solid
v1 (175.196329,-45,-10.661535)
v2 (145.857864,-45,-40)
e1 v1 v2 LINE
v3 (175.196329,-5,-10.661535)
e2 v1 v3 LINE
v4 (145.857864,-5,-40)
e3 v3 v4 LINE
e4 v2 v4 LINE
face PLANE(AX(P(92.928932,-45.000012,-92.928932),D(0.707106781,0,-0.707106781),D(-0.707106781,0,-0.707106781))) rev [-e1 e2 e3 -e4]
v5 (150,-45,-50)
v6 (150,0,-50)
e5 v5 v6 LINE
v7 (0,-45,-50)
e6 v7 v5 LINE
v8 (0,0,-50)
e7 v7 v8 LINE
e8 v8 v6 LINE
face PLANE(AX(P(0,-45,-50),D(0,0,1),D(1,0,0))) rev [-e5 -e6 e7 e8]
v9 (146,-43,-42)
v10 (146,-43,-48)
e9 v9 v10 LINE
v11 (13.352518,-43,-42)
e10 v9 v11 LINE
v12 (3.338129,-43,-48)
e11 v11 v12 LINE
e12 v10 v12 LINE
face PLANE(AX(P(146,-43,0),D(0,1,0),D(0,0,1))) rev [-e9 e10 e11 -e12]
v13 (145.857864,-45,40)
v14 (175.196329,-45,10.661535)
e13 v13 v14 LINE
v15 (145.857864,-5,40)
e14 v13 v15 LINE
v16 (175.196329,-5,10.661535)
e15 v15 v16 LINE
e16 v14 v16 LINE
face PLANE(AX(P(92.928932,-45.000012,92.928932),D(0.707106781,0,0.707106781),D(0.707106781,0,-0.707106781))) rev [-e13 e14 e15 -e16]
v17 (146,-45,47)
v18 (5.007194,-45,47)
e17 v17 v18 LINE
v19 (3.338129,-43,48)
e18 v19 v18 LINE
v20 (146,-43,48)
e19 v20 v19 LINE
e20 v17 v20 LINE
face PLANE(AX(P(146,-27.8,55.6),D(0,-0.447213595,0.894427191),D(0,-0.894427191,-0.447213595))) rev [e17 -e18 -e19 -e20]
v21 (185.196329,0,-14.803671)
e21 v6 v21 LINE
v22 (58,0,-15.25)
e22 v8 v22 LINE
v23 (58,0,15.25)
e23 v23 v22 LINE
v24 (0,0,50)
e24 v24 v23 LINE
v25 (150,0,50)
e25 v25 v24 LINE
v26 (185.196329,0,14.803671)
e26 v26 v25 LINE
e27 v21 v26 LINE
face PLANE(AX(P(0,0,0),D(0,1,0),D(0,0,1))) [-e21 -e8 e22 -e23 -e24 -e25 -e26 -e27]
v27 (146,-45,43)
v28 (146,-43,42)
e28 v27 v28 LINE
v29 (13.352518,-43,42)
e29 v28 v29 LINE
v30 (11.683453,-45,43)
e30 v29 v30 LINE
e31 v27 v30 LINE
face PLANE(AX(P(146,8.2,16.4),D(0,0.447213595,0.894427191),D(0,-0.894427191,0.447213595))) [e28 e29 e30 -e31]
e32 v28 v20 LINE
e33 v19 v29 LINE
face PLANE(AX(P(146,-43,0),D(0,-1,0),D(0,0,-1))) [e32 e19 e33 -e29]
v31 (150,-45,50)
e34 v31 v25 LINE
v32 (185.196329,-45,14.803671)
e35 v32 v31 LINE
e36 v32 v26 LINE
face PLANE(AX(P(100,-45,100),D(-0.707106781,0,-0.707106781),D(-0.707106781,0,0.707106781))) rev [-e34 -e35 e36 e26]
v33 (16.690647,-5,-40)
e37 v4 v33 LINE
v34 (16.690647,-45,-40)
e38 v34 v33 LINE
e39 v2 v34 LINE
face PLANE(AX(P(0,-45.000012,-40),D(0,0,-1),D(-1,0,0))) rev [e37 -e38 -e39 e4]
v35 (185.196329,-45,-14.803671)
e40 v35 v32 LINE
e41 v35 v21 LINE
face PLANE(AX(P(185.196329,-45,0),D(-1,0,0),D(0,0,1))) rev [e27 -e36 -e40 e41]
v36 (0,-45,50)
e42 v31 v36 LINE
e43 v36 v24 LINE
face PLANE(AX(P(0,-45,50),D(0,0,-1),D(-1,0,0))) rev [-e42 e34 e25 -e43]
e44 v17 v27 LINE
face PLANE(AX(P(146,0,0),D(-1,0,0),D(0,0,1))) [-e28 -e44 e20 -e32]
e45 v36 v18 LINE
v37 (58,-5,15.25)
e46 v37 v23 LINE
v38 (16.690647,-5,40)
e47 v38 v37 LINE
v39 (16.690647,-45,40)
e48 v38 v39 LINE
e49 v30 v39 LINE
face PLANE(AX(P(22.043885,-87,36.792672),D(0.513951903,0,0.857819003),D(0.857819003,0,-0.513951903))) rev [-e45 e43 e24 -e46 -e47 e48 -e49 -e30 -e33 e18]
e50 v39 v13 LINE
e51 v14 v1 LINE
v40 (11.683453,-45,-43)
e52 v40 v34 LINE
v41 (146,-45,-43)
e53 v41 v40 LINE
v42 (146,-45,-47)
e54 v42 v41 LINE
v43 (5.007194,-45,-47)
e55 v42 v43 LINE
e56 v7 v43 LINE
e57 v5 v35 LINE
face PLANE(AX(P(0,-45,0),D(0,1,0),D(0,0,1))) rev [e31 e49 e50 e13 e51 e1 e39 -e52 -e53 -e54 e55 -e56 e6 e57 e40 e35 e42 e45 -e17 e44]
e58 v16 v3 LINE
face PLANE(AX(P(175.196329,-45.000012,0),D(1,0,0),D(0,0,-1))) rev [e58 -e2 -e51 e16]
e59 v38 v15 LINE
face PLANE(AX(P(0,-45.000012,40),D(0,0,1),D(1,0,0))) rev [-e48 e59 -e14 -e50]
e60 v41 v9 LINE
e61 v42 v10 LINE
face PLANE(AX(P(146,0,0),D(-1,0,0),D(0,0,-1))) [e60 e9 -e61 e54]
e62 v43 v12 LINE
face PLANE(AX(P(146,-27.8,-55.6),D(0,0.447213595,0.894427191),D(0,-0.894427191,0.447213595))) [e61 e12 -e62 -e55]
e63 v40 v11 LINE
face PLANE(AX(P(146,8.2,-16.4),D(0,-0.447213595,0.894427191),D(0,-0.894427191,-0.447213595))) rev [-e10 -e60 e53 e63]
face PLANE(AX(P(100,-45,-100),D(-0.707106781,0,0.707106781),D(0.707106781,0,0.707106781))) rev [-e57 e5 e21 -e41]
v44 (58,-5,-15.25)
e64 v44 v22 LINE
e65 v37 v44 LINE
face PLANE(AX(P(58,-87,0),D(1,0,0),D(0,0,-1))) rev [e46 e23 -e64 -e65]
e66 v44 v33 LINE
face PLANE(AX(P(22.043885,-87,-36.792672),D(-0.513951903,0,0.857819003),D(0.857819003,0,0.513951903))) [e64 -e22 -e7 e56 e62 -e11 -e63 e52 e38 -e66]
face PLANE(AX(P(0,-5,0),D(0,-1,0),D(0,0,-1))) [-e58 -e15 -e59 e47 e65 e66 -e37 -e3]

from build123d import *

# Parameters (mm, degrees)
BOSS_EXTRUDE1_DEPTH     = 45
SKETCH2_W               = 40
SKETCH2_H               = 20.5
CUT_EXTRUDE1_DEPTH      = 41
SKETCH3_W               = 8.5
SKETCH3_H               = 20.5
SKETCH3_R               = 1.5
CUT_EXTRUDE2_DEPTH      = 14
SKETCH3_3_R             = 1.5
CUT_EXTRUDE3_DEPTH      = 19
CUT_EXTRUDE4_DEPTH      = 87
CUT_EXTRUDE5_DEPTH      = 198.034718556
CUT_EXTRUDE5_DEPTH_BACK = 40
CUT_EXTRUDE6_DEPTH      = 146


with BuildPart() as part:
    # Sketch1 → Boss-Extrude1 (new body)
    with BuildSketch(Plane(origin=(0, 0, 0), x_dir=(1, 0, 0), z_dir=(0, 1, 0))):
        with BuildLine():
            Line((150, 50), (0, 50))
            ThreePointArc((0, 50), (-50, 0), (0, -50))
            Line((0, -50), (150, -50))
            Line((150, -50), (185.196329112, -14.803670888))
            Line((185.196329112, -14.803670888), (185.196329112, 14.803670888))
            Line((185.196329112, 14.803670888), (150, 50))
        make_face()
    extrude(amount=-BOSS_EXTRUDE1_DEPTH)

    # Sketch2 → Cut-Extrude1 (cut)
    with BuildSketch(Plane(origin=(0, 0, 0), x_dir=(1, 0, 0), z_dir=(0, 1, 0))):
        with Locations((24.5, 0)):
            Rectangle(SKETCH2_W, SKETCH2_H)
    extrude(amount=-CUT_EXTRUDE1_DEPTH, mode=Mode.SUBTRACT)

    # Sketch3 → Cut-Extrude2 (cut)
    # profile 1 of 2: a face of its own
    with BuildSketch(Plane(origin=(0, 0, 0), x_dir=(1, 0, 0), z_dir=(0, 1, 0))):
        with Locations((48.75, 0)):
            Rectangle(SKETCH3_W, SKETCH3_H)
        with Locations((48.5, -5)):
            Circle(SKETCH3_R, mode=Mode.SUBTRACT)
        with Locations((48.5, 5)):
            Circle(SKETCH3_R, mode=Mode.SUBTRACT)
    # profile 2 of 2: a face of its own
    with BuildSketch(Plane(origin=(0, 0, 0), x_dir=(1, 0, 0), z_dir=(0, 1, 0))):
        with Locations((0.25, 0)):
            Rectangle(SKETCH3_W, SKETCH3_H)
        with Locations((0.5, -5)):
            Circle(SKETCH3_R, mode=Mode.SUBTRACT)
        with Locations((0.5, 5)):
            Circle(SKETCH3_R, mode=Mode.SUBTRACT)
    extrude(amount=-CUT_EXTRUDE2_DEPTH, mode=Mode.SUBTRACT)

    # Sketch3<3> → Cut-Extrude3 (cut)
    with BuildSketch(Plane(origin=(0, 0, 0), x_dir=(1, 0, 0), z_dir=(0, 1, 0))):
        with Locations((0.5, 5)):
            Circle(SKETCH3_3_R)
        with Locations((0.5, -5)):
            Circle(SKETCH3_3_R)
        with Locations((48.5, -5)):
            Circle(SKETCH3_3_R)
        with Locations((48.5, 5)):
            Circle(SKETCH3_3_R)
    extrude(amount=-CUT_EXTRUDE3_DEPTH, mode=Mode.SUBTRACT)

    # Sketch3<4> → Cut-Extrude4 (cut)
    with BuildSketch(Plane(origin=(0, 0, 0), x_dir=(1, 0, 0), z_dir=(0, 1, 0))):
        with BuildLine():
            Line((58, -15.25), (58, 15.25))
            Line((58, 15.25), (0, 50))
            ThreePointArc((0, 50), (-50, 0), (0, -50))
            Line((0, -50), (58, -15.25))
        make_face()
    extrude(amount=-CUT_EXTRUDE4_DEPTH, mode=Mode.SUBTRACT)

    # Sketch5 → Cut-Extrude5 (cut, two sides: drawn at the far end of the back side and taken through both)
    with BuildSketch(Plane.XZ.offset(45).offset(-CUT_EXTRUDE5_DEPTH_BACK)):
        Polygon((36.14772109, 40), (16.690647482, 40), (58, 15.25), (58, -15.25), (16.690647482, -40), (36.14772109, -40), (145.857864376, -40), (175.196329112, -10.661535265), (175.196329112, 10.661535265), (145.857864376, 40), align=None)
    extrude(amount=CUT_EXTRUDE5_DEPTH + CUT_EXTRUDE5_DEPTH_BACK, mode=Mode.SUBTRACT)

    # Sketch6 → Cut-Extrude6 (cut)
    with BuildSketch(Plane.ZY):
        Polygon((43, -45), (47, -45), (48, -43), (42, -43), align=None)
    cut_extrude6 = extrude(amount=-CUT_EXTRUDE6_DEPTH, mode=Mode.SUBTRACT)

    # Mirror1: Cut-Extrude6 across plane
    add(cut_extrude6.mirror(Plane.XY), mode=Mode.SUBTRACT)


solid = part.part
